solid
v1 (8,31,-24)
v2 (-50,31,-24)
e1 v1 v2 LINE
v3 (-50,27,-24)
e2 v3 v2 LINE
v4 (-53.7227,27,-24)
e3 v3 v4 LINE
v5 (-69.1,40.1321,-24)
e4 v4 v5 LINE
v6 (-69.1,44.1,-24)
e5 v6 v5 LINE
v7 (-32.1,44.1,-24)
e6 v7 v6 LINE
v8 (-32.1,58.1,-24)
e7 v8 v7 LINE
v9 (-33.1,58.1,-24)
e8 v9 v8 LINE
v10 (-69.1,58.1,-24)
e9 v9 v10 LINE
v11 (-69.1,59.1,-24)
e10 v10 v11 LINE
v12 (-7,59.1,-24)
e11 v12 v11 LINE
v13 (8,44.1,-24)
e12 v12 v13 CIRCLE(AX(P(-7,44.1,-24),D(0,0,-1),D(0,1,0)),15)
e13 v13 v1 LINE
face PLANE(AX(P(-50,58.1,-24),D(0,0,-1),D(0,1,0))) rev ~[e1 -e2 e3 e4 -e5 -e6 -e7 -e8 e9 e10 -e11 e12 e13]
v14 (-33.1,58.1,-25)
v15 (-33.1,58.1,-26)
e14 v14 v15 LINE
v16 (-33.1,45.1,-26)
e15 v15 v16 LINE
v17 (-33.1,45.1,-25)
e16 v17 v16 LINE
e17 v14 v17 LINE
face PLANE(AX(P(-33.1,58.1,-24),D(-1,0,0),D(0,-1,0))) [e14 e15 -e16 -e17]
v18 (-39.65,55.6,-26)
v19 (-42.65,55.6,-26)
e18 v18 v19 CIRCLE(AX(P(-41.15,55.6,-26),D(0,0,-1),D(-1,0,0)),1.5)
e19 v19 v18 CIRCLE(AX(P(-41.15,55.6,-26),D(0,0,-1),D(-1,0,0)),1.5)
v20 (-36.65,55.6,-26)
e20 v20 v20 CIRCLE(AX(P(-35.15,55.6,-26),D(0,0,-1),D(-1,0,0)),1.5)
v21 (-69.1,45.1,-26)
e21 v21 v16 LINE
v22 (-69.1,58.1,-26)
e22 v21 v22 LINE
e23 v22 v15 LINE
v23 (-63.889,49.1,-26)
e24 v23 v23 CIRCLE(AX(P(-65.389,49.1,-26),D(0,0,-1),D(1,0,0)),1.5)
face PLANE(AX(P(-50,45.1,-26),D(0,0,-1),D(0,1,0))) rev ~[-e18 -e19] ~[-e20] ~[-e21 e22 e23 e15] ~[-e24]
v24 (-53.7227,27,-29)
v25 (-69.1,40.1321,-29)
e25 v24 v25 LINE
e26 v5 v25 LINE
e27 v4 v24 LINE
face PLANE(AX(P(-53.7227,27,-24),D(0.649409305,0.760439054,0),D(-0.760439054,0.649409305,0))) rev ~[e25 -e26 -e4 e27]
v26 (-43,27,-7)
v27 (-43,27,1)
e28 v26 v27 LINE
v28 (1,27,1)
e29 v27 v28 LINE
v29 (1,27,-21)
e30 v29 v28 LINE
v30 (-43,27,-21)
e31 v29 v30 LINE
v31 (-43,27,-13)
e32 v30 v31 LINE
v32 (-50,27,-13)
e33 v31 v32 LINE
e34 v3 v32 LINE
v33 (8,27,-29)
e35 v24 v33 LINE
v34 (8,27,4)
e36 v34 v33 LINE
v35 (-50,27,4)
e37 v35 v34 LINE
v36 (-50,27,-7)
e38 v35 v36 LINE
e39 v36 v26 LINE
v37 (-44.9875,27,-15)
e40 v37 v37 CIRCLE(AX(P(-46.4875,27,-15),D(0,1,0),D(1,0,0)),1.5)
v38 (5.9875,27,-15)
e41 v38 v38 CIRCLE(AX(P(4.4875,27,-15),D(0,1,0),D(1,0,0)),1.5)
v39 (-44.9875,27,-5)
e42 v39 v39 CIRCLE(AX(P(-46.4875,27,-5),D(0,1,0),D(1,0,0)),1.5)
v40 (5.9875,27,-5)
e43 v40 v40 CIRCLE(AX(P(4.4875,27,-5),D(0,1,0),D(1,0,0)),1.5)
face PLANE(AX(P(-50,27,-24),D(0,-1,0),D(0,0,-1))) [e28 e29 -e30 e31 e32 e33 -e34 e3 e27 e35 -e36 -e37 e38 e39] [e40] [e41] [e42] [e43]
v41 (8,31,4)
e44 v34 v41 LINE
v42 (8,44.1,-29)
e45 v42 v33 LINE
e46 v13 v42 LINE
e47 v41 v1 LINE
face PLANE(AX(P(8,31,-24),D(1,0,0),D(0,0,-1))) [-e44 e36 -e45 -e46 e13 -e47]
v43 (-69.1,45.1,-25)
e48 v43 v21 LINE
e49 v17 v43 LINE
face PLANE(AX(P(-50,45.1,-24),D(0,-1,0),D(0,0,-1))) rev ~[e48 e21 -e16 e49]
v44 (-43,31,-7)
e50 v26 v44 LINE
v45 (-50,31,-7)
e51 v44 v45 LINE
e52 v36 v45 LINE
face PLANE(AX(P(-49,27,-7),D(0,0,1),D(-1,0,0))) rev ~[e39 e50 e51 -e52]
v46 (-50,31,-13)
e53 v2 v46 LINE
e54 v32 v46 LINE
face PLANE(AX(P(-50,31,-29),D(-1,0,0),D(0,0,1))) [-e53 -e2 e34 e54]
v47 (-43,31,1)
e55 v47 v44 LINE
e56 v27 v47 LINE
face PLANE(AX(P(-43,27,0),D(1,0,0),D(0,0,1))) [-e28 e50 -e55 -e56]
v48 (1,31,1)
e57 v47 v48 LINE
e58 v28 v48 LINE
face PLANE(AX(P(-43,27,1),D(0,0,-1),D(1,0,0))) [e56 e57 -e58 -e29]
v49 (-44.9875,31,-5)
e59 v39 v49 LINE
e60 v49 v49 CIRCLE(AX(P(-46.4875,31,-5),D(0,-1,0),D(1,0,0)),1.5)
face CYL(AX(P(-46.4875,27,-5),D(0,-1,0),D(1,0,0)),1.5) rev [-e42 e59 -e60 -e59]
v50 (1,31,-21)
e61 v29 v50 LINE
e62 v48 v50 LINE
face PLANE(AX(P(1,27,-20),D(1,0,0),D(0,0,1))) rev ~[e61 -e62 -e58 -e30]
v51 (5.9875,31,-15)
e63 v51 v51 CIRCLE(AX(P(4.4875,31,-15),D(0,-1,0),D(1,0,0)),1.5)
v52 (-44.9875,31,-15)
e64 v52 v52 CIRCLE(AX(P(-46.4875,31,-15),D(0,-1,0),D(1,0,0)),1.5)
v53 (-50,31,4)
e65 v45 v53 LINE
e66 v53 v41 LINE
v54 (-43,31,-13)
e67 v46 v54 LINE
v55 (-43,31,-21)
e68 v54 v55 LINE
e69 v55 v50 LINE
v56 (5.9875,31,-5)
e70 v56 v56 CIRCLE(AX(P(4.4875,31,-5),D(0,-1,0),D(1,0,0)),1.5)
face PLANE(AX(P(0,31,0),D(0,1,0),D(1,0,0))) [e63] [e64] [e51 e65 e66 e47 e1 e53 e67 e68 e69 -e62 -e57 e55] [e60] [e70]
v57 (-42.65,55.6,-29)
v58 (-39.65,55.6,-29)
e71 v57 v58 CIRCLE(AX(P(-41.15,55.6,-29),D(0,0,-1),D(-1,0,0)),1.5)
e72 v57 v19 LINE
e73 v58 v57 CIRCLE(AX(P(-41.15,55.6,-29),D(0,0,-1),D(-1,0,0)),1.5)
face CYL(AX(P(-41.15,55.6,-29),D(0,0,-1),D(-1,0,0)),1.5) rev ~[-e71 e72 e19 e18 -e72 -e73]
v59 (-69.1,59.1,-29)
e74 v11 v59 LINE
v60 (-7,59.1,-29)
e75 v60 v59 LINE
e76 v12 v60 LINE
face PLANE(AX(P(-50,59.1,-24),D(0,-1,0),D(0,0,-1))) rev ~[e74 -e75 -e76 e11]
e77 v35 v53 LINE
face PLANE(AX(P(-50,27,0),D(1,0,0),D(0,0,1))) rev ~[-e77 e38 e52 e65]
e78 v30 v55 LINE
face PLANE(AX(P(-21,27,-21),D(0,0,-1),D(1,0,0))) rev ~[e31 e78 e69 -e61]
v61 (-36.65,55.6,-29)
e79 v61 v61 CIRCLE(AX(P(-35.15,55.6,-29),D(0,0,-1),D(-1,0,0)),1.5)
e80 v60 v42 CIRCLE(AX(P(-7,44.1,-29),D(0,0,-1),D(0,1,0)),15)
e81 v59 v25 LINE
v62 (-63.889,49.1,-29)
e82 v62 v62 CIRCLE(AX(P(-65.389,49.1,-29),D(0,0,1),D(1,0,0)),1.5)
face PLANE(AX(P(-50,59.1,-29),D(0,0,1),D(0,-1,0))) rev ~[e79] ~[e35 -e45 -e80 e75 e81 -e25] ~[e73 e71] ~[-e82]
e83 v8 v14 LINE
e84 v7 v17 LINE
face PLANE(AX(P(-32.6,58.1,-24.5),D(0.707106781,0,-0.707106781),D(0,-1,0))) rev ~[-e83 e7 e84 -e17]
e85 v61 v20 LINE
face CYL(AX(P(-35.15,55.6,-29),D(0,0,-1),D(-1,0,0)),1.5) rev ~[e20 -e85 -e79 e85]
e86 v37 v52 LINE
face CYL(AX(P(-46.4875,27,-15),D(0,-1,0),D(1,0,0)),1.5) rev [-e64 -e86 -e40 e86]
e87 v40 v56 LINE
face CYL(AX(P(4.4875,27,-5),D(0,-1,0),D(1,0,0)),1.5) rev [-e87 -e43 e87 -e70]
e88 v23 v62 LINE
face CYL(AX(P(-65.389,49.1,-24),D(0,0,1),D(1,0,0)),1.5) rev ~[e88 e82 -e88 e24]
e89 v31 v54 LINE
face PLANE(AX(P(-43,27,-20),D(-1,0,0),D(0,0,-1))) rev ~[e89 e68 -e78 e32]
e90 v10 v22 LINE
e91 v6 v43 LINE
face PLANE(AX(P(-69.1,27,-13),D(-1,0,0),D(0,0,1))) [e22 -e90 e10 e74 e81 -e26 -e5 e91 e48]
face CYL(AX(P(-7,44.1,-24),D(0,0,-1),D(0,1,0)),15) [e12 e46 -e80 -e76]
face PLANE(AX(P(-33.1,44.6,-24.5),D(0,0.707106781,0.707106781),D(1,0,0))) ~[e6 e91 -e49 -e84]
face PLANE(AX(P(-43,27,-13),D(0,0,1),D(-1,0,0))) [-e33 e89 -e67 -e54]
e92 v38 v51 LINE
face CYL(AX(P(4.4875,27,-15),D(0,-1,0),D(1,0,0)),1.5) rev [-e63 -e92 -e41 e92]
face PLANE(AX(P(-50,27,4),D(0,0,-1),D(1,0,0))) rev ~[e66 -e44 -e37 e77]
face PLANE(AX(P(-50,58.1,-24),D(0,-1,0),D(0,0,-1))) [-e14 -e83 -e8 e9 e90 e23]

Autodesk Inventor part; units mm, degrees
ref_plane "YZ Plane" through (0, 0, 0) normal (1, 0, 0) x (0, 1, 0)
ref_plane "XZ Plane" through (0, 0, 0) normal (0, 1, 0) x (-1, 0, 0)
ref_plane "XY Plane" through (0, 0, 0) normal (0, 0, 1) x (1, 0, 0)
ref_plane "Plano de trabajo1" through (0, 27, 0) normal (0, 1, 0) x (1, 0, 0)
sketch "Boceto2" plane through (0, 27, 0) normal (0, 1, 0) x (1, 0, 0)
  line L0 (0, 10) -> (0, 15)
  line L1 (0, 15) -> (11.8906, 15)
  line L2 (0, 10) -> (0, 5)
  line L3 (0, 5) -> (15.0689, 5)
  line L4 (0, 5) -> (7, 5)
  line L5 (7, 5) -> (7, 15)
  line L6 (6.4875, 15) -> (4.4875, 15)
  circle A0 centre (4.4875, 15) radius 1.5
  circle A1 centre (4.4875, 5) radius 1.5
  line L7 (-42, 6) -> (-42, 0) projected
  line L8 (0, 0) -> (-42, 0)
  line L9 (-42, 0) -> (0, 0) projected
  line L10 (-21, 0) -> (-21, 36.5425)
  circle A2 centre (-46.4875, 15) radius 1.5
  circle A3 centre (-46.4875, 5) radius 1.5
  line L11 (0, 0) -> (1, 0)
  line L12 (1, 0) -> (8, 0)
  line L13 (8, 0) -> (8, 20)
  line L14 (8, 20) -> (1, 20)
  line L15 (1, 20) -> (1, 0)
  line L16 (-42, 10) -> (-42, 15)
  line L17 (-42, 15) -> (-53.8906, 15)
  line L18 (-42, 10) -> (-42, 5)
  line L19 (-42, 5) -> (-49, 5)
  line L20 (-49, 5) -> (-49, 15)
  line L21 (-48.4875, 15) -> (-46.4875, 15)
  circle A4 centre (-46.4875, 15) radius 1.5
  circle A5 centre (-46.4875, 5) radius 1.5
  line L22 (-42, 0) -> (-43, 0)
  line L23 (-43, 0) -> (-50, 0)
  line L24 (-50, 0) -> (-50, 20)
  line L25 (-50, 20) -> (-43, 20)
  line L26 (-43, 20) -> (-43, 0)
  line L27 (-43, 20) -> (-43, 21)
  line L28 (-43, 21) -> (1, 21)
  line L29 (1, 21) -> (1, 20)
  line L30 (-43, 0) -> (-43, -1)
  line L31 (-43, -1) -> (1, -1)
  line L32 (1, -1) -> (1, 0)
  line L33 (-50, 20) -> (-50, 24)
  line L34 (-50, 24) -> (8, 24)
  line L35 (-50, 0) -> (-50, -4)
  line L36 (-50, -4) -> (8, -4)
  line L37 (8, -4) -> (8, 0)
  line L38 (8, 24) -> (8, 19.2948)
  line L39 (-42, 10) -> (-42, 7)
  line L40 (-42, 7) -> (-58.0956, 7)
  line L41 (-51, 14) -> (-51, 6) projected
  line L42 (-42, 10) -> (-42, 13)
  line L43 (-42, 13) -> (-56.402, 13)
  point P0 (0, 20)
  point P1 (-42, 20)
  point P2 (-50, 13)
  point P3 (-43, 13)
  point P4 (-43, 7)
  point P5 (-50, 7)
  dimension "d8" = 5
  dimension "d9" = 5
  dimension "d10" = 7
  dimension "d11" = 2
  dimension "d12" = 3
  dimension "d13" = 3
  dimension "d14" = 1
  dimension "d15" = 7
  dimension "d16" = 1
  dimension "d17" = 1
  dimension "d18" = 4
  dimension "d19" = 4
  dimension "d22" = 3
  dimension "d23" = 3
extrude "Extrusión2" add sketch "Boceto2" along normal blind 4 contours L15 L14 L13 L1 A0 | L1 A0 L5 L3 A1 L15 | L3 A1 L13 L12 L15 | L29 L28 L10 L34 L38 L14 | L12 L37 L36 L35 L23 L30 L31 L32 | L28 L27 L25 L33 L34 L10 | L5 L1 L13 L3 | L23 L24 L40 L20 L19 A3 L26 | L26 L17 A2 L24 L25 | L19 A3 L20 L40 L26 | L26 L43 L20 L17 A2 | L17 L20 L43 L24
sketch "Boceto3" plane through (8, 27, -24) normal (0, 0, -1) x (-1, 0, 0)
  point P0 (8, -27)
sketch "Boceto4" plane through (8, 27, -24) normal (0, 0, -1) x (-1, 0, 0)
  line L0 (0, 4) -> (58, 4) projected
  line L1 (58, 4) -> (58, 18.1)
  line L2 (58, 18.1) -> (0, 18.1)
  line L3 (0, 18.1) -> (0, 4)
  line L4 (58, 18.1) -> (58, 22.1)
  line L5 (58, 18.1) -> (58, 32.1)
  line L6 (58, 32.1) -> (0, 32.1)
  line L7 (0, 32.1) -> (0, 18.1)
  line L8 (58, 18.1) -> (58, 28.6)
  line L9 (58, 28.6) -> (36.9156, 28.6)
  line L10 (8, -6.3468) -> (8, 18.1)
  line L11 (8, 18.1) -> (18.1, 18.1)
  line L12 (18.1, 18.1) -> (41.1, 18.1)
  line L13 (41.1, 18.1) -> (51.1, 18.1)
  line L14 (51.1, 18.1) -> (51.1, 26.6579)
  line L15 (51.1, 26.6579) -> (51.1, 31.1823)
  line L16 (51.1, 18.1) -> (51.1, 18)
  line L17 (51.1, 18.1) -> (51.2, 18.1)
  line L18 (51.2, 18.1) -> (51.2, 31.1)
  line L19 (51.2, 31.1) -> (41.1, 31.1)
  line L20 (41.1, 31.1) -> (41.1, 18.1)
  line L21 (51.2, 28.6) -> (49.2, 28.6)
  line L22 (41.1, 28.6) -> (43.1, 28.6)
  line L23 (43.1, 28.6) -> (43.15, 28.6)
  circle A0 centre (43.15, 28.6) radius 1.5
  line L24 (43.15, 28.6) -> (49.15, 28.6)
  circle A1 centre (49.15, 28.6) radius 1.5
  point P0 (8, -27)
  point P1 (8, 4)
  dimension "d24" = 14.1
  dimension "d25" = 4
  dimension "d26" = 14
  dimension "d27" = 10.5
  dimension "d28" = 10.1
  dimension "d29" = 23
  dimension "d30" = 10
  dimension "d31" = 0.1
  dimension "d32" = 0.1
  dimension "d33" = 13
  dimension "d34" = 10.1
  dimension "d35" = 2
  dimension "d36" = 2
  dimension "d38" = 0.05
  dimension "d39" = 3
  dimension "d40" = 6
  dimension "d41" = 3
extrude "Extrusión3" add sketch "Boceto4" along normal blind 5 contours L3 L2 L10 L0 | L10 L2 L1 L0 | L7 L6 L5 L9 L18 L19 L20 L2 | L2 L18 L9 L5 L4
sketch "Boceto5" plane through (8, 27, -29) normal (0, 0, -1) x (-1, 0, 0)
  line L0 (51.2, 18.1) -> (41.1, 18.1) projected
  line L1 (51.2, 18.1) -> (51.2, 28.6)
  line L2 (51.2, 31.1) -> (51.2, 18.1) projected
  line L3 (51.2, 28.6) -> (49.15, 28.6)
  circle A0 centre (49.15, 28.6) radius 1.5
  line L4 (49.15, 28.6) -> (43.15, 28.6)
  circle A1 centre (43.15, 28.6) radius 1.5
  line L5 (41.1, 18.1) -> (51.2, 18.1)
  line L6 (51.2, 18.1) -> (51.2, 31.1)
  line L7 (51.2, 31.1) -> (41.1, 31.1)
  line L8 (41.1, 31.1) -> (41.1, 18.1)
  point P0 (8, -27)
  dimension "d44" = 10.5
  dimension "d45" = 2.05
  dimension "d46" = 3
  dimension "d47" = 6
  dimension "d48" = 3
extrude "Extrusión4" add sketch "Boceto5" against normal blind 3
sketch "Boceto6" plane through (-50, 31, -24) normal (0, -1, 0) x (1, 0, 0)
  line L0 (58, -5) -> (0, -5) projected
  line L1 (0, 0) -> (58, 0)
  line L2 (58, 0) -> (58, -5)
  line L3 (58, -5) -> (0, -5)
  line L4 (0, -5) -> (0, 0)
  point P0 (50, 24)
extrude "Extrusión5" add sketch "Boceto6" along normal blind 4
sketch "Boceto7" plane through (8, 27, -24) normal (0, 0, 1) x (1, 0, 0)
  line L0 (-51.2, 31.1) -> (-72.2407, 31.1)
  line L1 (-51.2, 31.1) -> (-51.2, 18.1) projected
  line L2 (-51.2, 18.1) -> (-72.8631, 18.1)
  line L3 (-72.8631, 18.1) -> (-72.2407, 31.1)
  point P0 (-8, -27)
extrude "Extrusión6" cut sketch "Boceto7" against normal blind 2
sketch "Boceto8" plane through (-50, 27, -13) normal (-1, 0, 0) x (0, 0, 1)
  line L0 (-11, 31.1) -> (-11, 32.1) projected
  line L1 (-11, 32.1) -> (-11, 31.1)
  line L2 (-11, 31.1) -> (-13, 31.1)
  line L3 (-13, 18.1) -> (-13, 31.1) projected
  line L4 (-13, 31.1) -> (-13, 18.1)
  line L5 (-11, 18.1) -> (-13, 18.1) projected
  line L6 (-13, 18.1) -> (-11, 18.1)
  line L7 (-11, 18.1) -> (-11, 0.1456)
  line L8 (-11, 0.1456) -> (-11, 0)
  line L9 (0, 0) -> (-16, 0) projected
  line L10 (-16, 32.1) -> (-16, 0) projected
  line L11 (-11, 0) -> (-16, 0)
  line L12 (-16, 0) -> (-16, 32.1)
  line L13 (-11, 32.1) -> (-16, 32.1) projected
  line L14 (-16, 32.1) -> (-11, 32.1)
  point P0 (13, -27)
  point P1 (-13, 31.1)
extrude "Extrusión7" add sketch "Boceto8" along normal blind 19.1
sketch "Boceto10" plane through (8, 27, -24) normal (0, 0, 1) x (1, 0, 0)
  line L0 (-77.1, 18.1) -> (-73.389, 18.1)
  line L1 (-77.1, 18.1) -> (-41.1, 18.1) projected
  line L2 (-73.389, 18.1) -> (-73.389, 22.1)
  circle A0 centre (-73.389, 22.1) radius 1.5
  point P0 (-8, -27)
  dimension "d62" = 3.711
  dimension "d63" = 4
  dimension "d64" = 3
extrude "Extrusión9" cut sketch "Boceto10" against normal blind 19.1
sketch "Boceto11" plane through (8, 27, -24) normal (0, 0, 1) x (1, 0, 0)
  line L0 (-58, 0) -> (-77.1, 0) projected
  line L1 (-58, 0) -> (-77.1, 13.1321)
  line L2 (-77.1, 0) -> (-77.1, 18.1) projected
  line L3 (-58, 0) -> (-77.1, 0)
  line L4 (-77.1, 0) -> (-77.1, 13.1321)
  line L5 (-61.7227, 0) -> (-77.1, 13.1321)
  line L6 (-61.7227, 0) -> (-77.1, 0)
  point P0 (-8, -27)
extrude "Extrusión10" cut sketch "Boceto11" against normal blind 19.1 contours L0 L2 L5
fillet "Empalme1" radius 15 1 edges at (8, 59.1, -26.5)
chamfer "Chaflán1" distance 1 angle 45 2 edges at (-51.1, 45.1, -24) (-33.1, 51.6, -24)
properties part number "servov2"
